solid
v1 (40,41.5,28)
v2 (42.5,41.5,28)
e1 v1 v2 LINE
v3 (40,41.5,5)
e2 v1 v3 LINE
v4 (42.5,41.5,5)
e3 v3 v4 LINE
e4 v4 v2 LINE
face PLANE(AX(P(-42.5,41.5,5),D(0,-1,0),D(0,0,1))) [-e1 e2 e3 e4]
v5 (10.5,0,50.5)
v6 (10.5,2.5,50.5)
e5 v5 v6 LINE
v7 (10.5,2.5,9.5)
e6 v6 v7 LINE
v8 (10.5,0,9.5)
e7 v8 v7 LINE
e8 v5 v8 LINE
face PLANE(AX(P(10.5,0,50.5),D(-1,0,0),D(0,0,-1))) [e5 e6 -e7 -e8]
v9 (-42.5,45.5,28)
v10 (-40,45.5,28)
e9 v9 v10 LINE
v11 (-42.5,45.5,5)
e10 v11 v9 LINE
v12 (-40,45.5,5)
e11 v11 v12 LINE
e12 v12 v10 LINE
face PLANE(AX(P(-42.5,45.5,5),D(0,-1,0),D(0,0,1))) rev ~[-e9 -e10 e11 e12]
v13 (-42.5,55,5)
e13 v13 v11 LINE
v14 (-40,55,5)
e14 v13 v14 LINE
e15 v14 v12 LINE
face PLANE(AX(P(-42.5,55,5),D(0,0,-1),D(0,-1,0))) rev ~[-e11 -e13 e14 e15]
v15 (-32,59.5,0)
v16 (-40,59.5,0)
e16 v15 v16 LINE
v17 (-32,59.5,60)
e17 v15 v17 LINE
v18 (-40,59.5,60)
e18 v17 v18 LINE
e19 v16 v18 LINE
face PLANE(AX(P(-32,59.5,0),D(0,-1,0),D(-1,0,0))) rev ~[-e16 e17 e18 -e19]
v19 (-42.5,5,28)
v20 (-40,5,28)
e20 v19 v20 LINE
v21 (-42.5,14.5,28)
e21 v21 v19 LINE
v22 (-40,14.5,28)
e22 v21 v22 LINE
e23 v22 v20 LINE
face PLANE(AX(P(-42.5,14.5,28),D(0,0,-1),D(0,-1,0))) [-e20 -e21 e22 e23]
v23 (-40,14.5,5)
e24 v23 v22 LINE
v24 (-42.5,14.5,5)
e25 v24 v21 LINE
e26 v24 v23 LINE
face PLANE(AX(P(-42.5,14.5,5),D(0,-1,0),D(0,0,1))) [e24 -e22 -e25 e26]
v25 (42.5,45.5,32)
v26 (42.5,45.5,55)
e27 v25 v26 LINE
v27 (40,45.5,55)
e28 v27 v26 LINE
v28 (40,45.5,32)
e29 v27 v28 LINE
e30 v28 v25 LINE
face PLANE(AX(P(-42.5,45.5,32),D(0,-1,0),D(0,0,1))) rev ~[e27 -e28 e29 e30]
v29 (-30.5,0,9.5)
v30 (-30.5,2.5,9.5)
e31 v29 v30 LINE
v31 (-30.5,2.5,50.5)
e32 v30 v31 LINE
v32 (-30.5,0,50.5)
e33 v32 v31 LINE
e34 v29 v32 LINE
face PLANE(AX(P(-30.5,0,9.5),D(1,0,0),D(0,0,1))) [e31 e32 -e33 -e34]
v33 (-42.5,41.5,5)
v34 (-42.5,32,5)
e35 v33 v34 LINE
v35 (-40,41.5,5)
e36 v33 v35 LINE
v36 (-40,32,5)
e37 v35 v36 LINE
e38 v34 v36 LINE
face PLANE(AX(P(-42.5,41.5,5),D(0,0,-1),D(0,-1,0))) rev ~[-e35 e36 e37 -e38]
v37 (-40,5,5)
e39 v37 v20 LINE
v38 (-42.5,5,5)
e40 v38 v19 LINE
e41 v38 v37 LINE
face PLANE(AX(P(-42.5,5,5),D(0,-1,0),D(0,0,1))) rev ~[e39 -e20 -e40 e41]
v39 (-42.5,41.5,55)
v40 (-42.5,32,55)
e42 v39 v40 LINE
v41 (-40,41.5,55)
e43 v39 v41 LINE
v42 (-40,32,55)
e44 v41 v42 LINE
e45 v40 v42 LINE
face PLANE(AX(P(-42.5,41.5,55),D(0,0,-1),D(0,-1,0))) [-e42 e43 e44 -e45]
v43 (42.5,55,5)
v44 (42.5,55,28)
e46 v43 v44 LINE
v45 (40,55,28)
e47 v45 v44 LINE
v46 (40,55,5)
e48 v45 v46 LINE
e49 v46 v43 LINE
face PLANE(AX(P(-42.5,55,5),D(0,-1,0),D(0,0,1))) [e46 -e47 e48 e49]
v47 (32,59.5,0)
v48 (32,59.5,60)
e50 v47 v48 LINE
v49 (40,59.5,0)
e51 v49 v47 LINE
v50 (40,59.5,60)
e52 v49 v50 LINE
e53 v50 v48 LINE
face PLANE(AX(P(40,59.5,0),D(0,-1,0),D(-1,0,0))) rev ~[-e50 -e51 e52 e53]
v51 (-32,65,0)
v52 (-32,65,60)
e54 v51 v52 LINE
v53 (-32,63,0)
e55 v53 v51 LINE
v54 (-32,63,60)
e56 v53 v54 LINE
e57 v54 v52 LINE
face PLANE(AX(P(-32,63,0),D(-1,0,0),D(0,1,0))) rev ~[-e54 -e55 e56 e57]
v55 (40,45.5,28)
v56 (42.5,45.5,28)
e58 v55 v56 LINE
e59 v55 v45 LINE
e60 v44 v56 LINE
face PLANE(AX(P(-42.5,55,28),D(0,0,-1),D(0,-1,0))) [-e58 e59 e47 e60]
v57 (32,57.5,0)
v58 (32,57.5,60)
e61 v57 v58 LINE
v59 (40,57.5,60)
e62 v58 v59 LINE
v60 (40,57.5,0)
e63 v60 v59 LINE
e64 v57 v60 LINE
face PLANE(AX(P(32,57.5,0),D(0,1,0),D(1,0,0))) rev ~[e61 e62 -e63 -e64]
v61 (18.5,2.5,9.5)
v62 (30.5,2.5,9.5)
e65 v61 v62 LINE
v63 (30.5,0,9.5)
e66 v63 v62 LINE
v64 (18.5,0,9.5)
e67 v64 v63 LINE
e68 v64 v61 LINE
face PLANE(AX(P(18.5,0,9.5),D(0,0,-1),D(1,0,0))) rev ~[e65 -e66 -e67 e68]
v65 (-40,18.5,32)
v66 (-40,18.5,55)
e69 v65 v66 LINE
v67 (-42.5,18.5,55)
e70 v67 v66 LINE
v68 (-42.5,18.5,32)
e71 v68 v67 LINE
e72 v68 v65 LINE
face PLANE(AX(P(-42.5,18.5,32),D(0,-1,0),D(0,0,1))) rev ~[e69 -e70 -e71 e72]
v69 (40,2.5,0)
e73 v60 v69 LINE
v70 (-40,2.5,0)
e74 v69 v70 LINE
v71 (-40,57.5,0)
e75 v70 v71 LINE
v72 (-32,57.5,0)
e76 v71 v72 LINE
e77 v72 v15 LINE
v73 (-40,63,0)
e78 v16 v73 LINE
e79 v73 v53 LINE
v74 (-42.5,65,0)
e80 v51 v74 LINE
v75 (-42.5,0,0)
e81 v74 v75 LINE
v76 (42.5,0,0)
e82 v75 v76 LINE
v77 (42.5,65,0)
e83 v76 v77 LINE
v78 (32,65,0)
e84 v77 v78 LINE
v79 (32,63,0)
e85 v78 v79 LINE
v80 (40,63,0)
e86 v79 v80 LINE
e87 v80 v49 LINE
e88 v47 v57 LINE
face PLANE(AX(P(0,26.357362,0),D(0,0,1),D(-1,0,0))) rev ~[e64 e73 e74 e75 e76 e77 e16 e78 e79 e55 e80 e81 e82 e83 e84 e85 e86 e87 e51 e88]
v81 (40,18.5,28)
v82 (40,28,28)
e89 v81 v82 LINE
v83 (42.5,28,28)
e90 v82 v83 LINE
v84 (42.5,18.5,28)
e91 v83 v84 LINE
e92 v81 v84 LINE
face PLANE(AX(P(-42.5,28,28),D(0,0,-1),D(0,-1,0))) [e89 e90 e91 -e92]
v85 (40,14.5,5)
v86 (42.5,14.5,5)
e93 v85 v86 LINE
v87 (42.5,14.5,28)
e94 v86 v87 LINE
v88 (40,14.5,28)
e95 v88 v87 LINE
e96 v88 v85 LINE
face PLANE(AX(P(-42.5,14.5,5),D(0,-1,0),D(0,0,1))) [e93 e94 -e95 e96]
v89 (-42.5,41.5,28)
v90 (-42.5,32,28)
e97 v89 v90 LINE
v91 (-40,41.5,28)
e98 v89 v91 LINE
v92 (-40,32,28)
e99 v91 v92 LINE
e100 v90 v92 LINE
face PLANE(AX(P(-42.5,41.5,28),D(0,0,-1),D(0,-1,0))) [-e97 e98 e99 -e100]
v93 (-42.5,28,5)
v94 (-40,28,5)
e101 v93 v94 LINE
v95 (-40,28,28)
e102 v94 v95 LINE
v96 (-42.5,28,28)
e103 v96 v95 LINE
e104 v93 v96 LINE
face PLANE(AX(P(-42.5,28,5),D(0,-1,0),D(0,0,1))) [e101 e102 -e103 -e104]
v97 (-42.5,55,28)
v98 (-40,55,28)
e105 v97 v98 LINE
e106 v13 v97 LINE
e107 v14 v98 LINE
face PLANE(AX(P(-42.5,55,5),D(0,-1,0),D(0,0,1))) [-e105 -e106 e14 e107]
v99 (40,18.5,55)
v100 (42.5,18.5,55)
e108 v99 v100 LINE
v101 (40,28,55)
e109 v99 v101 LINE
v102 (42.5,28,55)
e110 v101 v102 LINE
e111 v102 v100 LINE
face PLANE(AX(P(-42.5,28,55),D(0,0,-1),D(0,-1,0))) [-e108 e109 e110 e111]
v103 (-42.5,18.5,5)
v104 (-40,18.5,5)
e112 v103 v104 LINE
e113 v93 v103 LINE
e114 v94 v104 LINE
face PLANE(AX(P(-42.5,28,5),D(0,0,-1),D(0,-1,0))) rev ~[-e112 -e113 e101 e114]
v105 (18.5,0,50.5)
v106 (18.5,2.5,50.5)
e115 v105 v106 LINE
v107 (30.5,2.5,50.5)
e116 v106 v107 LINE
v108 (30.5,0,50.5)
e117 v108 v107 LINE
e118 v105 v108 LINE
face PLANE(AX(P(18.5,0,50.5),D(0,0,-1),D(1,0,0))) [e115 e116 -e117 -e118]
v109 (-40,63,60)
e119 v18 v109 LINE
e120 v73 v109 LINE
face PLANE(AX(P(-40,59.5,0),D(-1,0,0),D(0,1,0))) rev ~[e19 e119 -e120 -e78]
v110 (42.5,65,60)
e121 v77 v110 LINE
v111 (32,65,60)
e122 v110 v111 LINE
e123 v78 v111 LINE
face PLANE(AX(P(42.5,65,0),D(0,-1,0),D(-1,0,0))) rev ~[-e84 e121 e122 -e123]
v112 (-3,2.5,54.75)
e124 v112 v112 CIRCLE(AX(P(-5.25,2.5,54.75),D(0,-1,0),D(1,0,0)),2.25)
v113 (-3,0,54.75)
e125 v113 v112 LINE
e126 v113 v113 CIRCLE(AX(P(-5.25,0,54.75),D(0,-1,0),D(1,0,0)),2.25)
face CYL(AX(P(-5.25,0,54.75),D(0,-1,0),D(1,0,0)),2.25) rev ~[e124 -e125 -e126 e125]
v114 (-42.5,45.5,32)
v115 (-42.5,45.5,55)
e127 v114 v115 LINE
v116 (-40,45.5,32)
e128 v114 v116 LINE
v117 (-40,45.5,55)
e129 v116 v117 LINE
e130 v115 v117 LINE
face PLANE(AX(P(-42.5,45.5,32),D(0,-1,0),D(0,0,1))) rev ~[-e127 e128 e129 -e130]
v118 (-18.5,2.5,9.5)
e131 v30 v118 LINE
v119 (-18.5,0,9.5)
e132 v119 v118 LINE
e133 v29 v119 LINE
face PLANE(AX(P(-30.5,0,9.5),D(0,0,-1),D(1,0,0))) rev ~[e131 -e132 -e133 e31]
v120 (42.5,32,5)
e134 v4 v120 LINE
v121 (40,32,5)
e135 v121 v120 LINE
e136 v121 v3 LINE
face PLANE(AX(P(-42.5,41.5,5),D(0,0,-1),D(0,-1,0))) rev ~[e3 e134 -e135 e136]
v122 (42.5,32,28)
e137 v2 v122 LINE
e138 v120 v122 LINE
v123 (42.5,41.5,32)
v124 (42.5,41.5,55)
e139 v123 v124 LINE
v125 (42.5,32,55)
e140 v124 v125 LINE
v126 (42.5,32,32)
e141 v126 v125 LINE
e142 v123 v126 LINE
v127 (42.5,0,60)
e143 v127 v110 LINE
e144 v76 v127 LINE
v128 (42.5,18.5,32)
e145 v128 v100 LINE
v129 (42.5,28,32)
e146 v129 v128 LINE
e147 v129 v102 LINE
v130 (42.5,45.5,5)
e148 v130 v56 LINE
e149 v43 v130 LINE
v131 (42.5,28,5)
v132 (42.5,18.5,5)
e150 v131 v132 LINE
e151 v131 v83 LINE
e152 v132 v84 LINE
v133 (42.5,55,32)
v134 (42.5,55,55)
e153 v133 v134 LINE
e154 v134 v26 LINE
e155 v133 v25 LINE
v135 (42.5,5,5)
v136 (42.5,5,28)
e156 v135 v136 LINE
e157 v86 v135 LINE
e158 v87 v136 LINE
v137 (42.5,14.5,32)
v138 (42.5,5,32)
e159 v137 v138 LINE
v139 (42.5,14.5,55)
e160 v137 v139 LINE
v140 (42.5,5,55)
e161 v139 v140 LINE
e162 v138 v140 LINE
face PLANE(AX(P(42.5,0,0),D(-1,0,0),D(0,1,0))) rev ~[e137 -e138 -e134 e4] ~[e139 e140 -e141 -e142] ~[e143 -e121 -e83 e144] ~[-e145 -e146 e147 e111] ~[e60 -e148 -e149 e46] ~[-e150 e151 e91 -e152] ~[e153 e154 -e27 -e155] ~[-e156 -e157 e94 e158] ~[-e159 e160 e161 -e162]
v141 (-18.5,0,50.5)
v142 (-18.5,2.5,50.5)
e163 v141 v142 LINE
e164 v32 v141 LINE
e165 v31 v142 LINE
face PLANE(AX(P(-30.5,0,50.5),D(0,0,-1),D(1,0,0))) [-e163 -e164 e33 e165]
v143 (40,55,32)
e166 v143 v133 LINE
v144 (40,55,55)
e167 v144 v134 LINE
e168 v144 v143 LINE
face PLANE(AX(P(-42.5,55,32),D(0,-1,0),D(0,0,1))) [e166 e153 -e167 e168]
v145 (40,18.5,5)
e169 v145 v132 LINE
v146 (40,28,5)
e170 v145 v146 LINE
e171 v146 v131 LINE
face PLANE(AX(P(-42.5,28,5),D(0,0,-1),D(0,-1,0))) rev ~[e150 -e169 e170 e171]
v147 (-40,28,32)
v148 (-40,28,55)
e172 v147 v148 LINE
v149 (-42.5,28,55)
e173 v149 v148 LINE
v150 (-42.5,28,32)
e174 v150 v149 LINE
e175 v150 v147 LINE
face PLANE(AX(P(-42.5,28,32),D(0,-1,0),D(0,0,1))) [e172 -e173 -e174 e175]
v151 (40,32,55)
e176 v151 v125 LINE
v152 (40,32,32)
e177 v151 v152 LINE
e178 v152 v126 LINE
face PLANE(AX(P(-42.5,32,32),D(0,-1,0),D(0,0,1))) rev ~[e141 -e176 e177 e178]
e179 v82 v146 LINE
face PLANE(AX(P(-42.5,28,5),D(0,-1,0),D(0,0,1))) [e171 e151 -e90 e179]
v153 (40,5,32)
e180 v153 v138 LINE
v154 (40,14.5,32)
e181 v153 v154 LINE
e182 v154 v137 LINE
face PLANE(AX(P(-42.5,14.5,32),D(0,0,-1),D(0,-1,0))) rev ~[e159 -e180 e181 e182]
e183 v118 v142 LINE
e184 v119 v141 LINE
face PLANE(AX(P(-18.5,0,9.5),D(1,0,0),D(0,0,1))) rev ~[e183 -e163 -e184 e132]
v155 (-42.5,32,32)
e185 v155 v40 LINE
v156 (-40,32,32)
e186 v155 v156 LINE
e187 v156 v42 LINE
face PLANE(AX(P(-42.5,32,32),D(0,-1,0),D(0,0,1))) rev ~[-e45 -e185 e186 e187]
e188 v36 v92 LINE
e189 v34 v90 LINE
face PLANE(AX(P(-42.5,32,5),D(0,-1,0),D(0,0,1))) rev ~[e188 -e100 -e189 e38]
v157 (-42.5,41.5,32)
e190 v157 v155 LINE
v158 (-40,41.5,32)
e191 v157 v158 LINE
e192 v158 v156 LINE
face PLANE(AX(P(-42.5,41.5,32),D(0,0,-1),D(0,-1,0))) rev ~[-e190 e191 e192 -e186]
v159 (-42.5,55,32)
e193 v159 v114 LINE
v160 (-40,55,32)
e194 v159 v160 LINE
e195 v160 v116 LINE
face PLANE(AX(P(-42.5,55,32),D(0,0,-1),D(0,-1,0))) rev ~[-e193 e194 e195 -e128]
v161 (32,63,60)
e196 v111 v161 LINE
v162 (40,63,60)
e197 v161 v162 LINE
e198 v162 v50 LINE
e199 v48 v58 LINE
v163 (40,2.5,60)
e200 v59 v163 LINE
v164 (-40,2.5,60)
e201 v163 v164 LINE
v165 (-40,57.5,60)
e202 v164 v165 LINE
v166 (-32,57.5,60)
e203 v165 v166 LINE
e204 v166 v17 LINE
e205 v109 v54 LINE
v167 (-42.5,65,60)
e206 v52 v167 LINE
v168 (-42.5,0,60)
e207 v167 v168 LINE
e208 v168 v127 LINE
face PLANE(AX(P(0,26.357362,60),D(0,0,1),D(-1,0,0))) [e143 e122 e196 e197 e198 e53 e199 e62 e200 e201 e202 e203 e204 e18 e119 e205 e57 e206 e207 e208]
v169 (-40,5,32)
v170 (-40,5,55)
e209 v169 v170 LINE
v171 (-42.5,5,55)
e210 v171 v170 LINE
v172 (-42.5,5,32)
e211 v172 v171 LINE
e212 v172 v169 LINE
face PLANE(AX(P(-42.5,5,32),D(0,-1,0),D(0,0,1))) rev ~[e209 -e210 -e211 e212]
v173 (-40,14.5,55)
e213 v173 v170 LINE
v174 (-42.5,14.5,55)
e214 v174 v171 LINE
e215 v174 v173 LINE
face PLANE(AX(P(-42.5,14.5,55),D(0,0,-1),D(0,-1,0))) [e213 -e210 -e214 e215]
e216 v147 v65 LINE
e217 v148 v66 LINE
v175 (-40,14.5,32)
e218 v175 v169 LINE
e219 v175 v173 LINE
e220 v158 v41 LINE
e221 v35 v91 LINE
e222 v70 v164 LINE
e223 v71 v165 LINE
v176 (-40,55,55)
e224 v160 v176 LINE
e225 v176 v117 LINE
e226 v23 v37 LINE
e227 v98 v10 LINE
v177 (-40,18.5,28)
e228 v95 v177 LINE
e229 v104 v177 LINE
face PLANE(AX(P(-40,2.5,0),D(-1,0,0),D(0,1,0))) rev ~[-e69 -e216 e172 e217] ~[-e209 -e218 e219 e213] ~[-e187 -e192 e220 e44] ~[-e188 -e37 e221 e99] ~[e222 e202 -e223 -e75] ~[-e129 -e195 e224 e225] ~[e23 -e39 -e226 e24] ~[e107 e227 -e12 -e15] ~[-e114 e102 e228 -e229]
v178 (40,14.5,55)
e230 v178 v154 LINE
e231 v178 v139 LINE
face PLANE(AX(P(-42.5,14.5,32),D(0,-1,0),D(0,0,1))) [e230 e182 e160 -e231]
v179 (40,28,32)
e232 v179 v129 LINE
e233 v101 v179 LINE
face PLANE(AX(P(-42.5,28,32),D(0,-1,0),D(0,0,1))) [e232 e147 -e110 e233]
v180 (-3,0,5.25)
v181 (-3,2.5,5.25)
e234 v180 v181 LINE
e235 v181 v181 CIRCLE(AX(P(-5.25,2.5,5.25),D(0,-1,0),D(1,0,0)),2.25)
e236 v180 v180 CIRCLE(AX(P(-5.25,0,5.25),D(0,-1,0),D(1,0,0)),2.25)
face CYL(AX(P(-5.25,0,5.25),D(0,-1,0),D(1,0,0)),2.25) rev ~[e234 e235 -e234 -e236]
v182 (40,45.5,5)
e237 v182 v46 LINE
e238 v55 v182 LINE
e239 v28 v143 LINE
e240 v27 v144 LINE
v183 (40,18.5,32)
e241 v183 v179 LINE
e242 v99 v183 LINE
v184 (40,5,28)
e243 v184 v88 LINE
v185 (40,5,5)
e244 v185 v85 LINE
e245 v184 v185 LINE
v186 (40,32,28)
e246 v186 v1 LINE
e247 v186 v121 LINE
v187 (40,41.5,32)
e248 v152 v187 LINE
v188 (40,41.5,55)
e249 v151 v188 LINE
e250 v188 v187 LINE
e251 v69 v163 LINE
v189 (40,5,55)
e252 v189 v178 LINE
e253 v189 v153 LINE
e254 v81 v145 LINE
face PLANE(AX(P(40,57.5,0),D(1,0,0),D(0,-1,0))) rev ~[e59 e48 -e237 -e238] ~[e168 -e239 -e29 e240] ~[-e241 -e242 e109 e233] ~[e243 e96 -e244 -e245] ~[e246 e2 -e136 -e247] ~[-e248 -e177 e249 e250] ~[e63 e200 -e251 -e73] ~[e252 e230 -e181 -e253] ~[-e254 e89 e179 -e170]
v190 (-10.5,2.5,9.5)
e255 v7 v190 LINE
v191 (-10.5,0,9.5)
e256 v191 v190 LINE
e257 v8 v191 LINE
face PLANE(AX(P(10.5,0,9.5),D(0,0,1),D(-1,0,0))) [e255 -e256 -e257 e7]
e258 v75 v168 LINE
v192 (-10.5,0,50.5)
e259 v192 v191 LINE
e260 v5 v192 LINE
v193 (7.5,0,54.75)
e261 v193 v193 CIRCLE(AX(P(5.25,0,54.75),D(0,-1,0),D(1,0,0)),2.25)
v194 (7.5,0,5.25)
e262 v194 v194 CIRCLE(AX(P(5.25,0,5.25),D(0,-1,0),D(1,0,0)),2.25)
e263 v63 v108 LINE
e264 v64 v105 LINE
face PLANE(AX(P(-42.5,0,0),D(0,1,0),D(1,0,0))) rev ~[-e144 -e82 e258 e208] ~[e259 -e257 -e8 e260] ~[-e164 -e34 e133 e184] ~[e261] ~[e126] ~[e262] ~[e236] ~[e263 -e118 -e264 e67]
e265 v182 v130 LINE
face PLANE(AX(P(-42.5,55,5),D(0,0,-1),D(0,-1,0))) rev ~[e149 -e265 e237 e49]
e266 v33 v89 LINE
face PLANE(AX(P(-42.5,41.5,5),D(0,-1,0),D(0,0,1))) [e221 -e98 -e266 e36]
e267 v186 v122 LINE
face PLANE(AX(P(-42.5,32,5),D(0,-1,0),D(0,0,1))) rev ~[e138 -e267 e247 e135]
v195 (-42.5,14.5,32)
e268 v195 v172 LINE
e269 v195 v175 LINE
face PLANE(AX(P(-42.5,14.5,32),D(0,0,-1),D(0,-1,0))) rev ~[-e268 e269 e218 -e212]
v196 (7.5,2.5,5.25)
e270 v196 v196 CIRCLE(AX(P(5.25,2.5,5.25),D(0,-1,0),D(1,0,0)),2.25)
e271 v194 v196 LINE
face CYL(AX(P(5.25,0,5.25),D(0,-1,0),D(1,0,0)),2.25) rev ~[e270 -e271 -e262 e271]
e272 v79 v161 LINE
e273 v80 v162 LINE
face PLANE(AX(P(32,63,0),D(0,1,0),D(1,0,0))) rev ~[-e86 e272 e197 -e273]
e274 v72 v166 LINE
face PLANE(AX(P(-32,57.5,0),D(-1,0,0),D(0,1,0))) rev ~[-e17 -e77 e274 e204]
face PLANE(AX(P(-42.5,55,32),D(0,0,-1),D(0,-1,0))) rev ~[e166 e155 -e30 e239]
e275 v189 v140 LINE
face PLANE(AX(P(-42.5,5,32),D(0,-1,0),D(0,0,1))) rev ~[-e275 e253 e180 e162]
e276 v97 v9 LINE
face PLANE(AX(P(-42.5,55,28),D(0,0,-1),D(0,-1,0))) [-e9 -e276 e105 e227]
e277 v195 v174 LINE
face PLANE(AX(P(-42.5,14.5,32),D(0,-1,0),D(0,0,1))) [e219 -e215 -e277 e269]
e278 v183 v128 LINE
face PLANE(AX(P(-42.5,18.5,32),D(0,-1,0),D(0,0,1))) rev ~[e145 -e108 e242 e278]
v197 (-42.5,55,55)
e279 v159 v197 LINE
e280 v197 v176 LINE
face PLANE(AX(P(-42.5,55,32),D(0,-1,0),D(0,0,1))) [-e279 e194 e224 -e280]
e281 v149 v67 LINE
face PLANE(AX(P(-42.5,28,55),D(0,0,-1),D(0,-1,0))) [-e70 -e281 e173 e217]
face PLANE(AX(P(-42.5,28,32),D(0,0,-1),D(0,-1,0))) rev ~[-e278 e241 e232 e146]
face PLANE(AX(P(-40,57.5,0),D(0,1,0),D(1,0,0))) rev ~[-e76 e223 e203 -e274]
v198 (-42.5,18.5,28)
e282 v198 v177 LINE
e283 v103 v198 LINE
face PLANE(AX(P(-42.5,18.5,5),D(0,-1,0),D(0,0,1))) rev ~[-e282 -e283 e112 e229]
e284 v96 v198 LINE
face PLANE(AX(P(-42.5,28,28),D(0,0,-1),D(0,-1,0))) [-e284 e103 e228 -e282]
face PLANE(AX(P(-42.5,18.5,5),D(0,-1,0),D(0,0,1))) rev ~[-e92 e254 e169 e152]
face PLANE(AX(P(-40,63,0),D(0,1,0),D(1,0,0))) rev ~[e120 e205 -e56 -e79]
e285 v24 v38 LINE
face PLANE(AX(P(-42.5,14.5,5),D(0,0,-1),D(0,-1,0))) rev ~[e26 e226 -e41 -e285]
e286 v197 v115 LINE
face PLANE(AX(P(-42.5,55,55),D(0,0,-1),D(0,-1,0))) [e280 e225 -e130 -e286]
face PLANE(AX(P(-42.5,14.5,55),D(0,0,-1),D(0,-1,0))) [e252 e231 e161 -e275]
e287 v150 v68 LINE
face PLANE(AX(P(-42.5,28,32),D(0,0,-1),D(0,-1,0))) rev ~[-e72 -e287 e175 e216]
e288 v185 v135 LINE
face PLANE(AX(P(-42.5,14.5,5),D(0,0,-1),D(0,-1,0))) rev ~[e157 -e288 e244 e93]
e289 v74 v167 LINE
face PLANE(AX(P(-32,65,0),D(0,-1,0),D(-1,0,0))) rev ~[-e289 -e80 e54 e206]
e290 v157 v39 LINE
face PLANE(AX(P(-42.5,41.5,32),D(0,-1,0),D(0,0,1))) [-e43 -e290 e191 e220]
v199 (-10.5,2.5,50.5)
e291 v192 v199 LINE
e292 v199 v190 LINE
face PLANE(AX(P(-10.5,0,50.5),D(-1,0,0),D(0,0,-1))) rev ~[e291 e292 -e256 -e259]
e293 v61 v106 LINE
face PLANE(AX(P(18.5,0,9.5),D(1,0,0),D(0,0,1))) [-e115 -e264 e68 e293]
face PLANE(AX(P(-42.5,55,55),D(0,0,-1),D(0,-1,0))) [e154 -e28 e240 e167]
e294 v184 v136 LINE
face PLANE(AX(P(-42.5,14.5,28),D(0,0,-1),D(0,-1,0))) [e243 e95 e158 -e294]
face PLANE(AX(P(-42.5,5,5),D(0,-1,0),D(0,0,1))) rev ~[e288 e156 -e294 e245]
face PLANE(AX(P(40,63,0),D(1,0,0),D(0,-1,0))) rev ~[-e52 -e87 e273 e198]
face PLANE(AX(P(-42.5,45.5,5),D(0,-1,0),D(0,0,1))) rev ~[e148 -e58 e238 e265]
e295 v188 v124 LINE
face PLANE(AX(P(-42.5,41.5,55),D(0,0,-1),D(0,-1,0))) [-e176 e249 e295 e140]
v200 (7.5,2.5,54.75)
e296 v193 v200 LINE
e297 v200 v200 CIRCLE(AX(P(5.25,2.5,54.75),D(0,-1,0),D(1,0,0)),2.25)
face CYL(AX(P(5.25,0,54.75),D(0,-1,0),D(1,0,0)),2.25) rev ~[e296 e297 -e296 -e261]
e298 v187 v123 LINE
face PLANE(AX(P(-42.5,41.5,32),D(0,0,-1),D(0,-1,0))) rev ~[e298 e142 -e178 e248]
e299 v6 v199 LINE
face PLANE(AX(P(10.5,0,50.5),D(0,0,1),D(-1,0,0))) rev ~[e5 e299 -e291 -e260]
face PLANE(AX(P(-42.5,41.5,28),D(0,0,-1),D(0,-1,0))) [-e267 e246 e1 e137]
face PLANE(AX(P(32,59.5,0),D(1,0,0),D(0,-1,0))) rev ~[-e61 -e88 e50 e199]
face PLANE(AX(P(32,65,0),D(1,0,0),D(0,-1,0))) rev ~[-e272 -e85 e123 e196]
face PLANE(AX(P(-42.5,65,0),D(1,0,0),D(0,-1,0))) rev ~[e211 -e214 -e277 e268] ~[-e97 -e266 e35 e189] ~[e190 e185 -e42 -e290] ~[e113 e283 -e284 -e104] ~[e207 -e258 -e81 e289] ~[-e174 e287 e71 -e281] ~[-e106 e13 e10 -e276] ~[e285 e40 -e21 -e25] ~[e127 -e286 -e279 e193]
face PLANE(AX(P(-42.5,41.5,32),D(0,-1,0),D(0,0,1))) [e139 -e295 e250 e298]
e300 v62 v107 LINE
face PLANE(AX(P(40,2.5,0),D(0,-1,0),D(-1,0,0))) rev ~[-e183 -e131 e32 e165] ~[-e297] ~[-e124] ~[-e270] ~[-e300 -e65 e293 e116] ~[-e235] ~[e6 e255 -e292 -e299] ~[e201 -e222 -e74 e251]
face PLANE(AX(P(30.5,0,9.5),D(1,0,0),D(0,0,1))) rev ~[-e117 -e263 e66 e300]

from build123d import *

# Parameters (mm, degrees)
PAD_DEPTH       = 60
SKETCH_R        = 2.25
SKETCH_W        = 12
SKETCH_H        = 41
POCKET_DEPTH    = 3
SKETCH002_W     = 9.5
SKETCH002_H     = 23
POCKET001_DEPTH = 85.001


with BuildPart() as part:
    # Sketch001 → Pad (new body)
    with BuildSketch(Plane(origin=(0, 0, 0), x_dir=(-1, 0, 0), z_dir=(0, 0, 1))):
        Polygon((-42.5, 0), (-42.5, -65), (-32, -65), (-32, -63), (-40, -63), (-40, -59.5), (-32, -59.5), (-32, -57.5), (-40, -57.5), (-40, -2.5), (0, -2.5), (40, -2.5), (40, -57.5), (32, -57.5), (32, -59.5), (40, -59.5), (40, -63), (32, -63), (32, -65), (42.5, -65), (42.5, 0), align=None)
    extrude(amount=PAD_DEPTH)

    # Sketch (on Face1 of Pad) → Pocket (cut)
    with BuildSketch(Plane(origin=(0, 0, 30), x_dir=(1, 0, 0), z_dir=(0, -1, 0))):
        with Locations((-5.25, 24.75)):
            Circle(SKETCH_R)
        with Locations((-5.25, -24.75)):
            Circle(SKETCH_R)
        with Locations((5.25, -24.75)):
            Circle(SKETCH_R)
        with Locations((5.25, 24.75)):
            Circle(SKETCH_R)
        Polygon((10.5, 20.5), (10.5, -20.5), (-10.5, -20.5), (-10.5, 0), (-10.5, 20.5), (0, 20.5), align=None)
        with Locations((-24.5, 0)):
            Rectangle(SKETCH_W, SKETCH_H)
        with Locations((24.5, 0)):
            Rectangle(SKETCH_W, SKETCH_H)
    extrude(amount=-POCKET_DEPTH, mode=Mode.SUBTRACT)

    # Sketch002 (on Face5 of Pocket) → Pocket001 (cut, through all)
    with BuildSketch(Plane(origin=(-42.5, 0, 0), x_dir=(0, -1, 0), z_dir=(-1, 0, 0))):
        with Locations((-9.75, 16.5)):
            Rectangle(SKETCH002_W, SKETCH002_H)
        with Locations((-23.25, 16.5)):
            Rectangle(SKETCH002_W, SKETCH002_H)
        with Locations((-9.75, 43.5)):
            Rectangle(SKETCH002_W, SKETCH002_H)
        with Locations((-23.25, 43.5)):
            Rectangle(SKETCH002_W, SKETCH002_H)
        with Locations((-36.75, 43.5)):
            Rectangle(SKETCH002_W, SKETCH002_H)
        with Locations((-50.25, 43.5)):
            Rectangle(SKETCH002_W, SKETCH002_H)
        with Locations((-36.75, 16.5)):
            Rectangle(SKETCH002_W, SKETCH002_H)
        with Locations((-50.25, 16.5)):
            Rectangle(SKETCH002_W, SKETCH002_H)
    extrude(amount=-POCKET001_DEPTH, mode=Mode.SUBTRACT)


solid = part.part
